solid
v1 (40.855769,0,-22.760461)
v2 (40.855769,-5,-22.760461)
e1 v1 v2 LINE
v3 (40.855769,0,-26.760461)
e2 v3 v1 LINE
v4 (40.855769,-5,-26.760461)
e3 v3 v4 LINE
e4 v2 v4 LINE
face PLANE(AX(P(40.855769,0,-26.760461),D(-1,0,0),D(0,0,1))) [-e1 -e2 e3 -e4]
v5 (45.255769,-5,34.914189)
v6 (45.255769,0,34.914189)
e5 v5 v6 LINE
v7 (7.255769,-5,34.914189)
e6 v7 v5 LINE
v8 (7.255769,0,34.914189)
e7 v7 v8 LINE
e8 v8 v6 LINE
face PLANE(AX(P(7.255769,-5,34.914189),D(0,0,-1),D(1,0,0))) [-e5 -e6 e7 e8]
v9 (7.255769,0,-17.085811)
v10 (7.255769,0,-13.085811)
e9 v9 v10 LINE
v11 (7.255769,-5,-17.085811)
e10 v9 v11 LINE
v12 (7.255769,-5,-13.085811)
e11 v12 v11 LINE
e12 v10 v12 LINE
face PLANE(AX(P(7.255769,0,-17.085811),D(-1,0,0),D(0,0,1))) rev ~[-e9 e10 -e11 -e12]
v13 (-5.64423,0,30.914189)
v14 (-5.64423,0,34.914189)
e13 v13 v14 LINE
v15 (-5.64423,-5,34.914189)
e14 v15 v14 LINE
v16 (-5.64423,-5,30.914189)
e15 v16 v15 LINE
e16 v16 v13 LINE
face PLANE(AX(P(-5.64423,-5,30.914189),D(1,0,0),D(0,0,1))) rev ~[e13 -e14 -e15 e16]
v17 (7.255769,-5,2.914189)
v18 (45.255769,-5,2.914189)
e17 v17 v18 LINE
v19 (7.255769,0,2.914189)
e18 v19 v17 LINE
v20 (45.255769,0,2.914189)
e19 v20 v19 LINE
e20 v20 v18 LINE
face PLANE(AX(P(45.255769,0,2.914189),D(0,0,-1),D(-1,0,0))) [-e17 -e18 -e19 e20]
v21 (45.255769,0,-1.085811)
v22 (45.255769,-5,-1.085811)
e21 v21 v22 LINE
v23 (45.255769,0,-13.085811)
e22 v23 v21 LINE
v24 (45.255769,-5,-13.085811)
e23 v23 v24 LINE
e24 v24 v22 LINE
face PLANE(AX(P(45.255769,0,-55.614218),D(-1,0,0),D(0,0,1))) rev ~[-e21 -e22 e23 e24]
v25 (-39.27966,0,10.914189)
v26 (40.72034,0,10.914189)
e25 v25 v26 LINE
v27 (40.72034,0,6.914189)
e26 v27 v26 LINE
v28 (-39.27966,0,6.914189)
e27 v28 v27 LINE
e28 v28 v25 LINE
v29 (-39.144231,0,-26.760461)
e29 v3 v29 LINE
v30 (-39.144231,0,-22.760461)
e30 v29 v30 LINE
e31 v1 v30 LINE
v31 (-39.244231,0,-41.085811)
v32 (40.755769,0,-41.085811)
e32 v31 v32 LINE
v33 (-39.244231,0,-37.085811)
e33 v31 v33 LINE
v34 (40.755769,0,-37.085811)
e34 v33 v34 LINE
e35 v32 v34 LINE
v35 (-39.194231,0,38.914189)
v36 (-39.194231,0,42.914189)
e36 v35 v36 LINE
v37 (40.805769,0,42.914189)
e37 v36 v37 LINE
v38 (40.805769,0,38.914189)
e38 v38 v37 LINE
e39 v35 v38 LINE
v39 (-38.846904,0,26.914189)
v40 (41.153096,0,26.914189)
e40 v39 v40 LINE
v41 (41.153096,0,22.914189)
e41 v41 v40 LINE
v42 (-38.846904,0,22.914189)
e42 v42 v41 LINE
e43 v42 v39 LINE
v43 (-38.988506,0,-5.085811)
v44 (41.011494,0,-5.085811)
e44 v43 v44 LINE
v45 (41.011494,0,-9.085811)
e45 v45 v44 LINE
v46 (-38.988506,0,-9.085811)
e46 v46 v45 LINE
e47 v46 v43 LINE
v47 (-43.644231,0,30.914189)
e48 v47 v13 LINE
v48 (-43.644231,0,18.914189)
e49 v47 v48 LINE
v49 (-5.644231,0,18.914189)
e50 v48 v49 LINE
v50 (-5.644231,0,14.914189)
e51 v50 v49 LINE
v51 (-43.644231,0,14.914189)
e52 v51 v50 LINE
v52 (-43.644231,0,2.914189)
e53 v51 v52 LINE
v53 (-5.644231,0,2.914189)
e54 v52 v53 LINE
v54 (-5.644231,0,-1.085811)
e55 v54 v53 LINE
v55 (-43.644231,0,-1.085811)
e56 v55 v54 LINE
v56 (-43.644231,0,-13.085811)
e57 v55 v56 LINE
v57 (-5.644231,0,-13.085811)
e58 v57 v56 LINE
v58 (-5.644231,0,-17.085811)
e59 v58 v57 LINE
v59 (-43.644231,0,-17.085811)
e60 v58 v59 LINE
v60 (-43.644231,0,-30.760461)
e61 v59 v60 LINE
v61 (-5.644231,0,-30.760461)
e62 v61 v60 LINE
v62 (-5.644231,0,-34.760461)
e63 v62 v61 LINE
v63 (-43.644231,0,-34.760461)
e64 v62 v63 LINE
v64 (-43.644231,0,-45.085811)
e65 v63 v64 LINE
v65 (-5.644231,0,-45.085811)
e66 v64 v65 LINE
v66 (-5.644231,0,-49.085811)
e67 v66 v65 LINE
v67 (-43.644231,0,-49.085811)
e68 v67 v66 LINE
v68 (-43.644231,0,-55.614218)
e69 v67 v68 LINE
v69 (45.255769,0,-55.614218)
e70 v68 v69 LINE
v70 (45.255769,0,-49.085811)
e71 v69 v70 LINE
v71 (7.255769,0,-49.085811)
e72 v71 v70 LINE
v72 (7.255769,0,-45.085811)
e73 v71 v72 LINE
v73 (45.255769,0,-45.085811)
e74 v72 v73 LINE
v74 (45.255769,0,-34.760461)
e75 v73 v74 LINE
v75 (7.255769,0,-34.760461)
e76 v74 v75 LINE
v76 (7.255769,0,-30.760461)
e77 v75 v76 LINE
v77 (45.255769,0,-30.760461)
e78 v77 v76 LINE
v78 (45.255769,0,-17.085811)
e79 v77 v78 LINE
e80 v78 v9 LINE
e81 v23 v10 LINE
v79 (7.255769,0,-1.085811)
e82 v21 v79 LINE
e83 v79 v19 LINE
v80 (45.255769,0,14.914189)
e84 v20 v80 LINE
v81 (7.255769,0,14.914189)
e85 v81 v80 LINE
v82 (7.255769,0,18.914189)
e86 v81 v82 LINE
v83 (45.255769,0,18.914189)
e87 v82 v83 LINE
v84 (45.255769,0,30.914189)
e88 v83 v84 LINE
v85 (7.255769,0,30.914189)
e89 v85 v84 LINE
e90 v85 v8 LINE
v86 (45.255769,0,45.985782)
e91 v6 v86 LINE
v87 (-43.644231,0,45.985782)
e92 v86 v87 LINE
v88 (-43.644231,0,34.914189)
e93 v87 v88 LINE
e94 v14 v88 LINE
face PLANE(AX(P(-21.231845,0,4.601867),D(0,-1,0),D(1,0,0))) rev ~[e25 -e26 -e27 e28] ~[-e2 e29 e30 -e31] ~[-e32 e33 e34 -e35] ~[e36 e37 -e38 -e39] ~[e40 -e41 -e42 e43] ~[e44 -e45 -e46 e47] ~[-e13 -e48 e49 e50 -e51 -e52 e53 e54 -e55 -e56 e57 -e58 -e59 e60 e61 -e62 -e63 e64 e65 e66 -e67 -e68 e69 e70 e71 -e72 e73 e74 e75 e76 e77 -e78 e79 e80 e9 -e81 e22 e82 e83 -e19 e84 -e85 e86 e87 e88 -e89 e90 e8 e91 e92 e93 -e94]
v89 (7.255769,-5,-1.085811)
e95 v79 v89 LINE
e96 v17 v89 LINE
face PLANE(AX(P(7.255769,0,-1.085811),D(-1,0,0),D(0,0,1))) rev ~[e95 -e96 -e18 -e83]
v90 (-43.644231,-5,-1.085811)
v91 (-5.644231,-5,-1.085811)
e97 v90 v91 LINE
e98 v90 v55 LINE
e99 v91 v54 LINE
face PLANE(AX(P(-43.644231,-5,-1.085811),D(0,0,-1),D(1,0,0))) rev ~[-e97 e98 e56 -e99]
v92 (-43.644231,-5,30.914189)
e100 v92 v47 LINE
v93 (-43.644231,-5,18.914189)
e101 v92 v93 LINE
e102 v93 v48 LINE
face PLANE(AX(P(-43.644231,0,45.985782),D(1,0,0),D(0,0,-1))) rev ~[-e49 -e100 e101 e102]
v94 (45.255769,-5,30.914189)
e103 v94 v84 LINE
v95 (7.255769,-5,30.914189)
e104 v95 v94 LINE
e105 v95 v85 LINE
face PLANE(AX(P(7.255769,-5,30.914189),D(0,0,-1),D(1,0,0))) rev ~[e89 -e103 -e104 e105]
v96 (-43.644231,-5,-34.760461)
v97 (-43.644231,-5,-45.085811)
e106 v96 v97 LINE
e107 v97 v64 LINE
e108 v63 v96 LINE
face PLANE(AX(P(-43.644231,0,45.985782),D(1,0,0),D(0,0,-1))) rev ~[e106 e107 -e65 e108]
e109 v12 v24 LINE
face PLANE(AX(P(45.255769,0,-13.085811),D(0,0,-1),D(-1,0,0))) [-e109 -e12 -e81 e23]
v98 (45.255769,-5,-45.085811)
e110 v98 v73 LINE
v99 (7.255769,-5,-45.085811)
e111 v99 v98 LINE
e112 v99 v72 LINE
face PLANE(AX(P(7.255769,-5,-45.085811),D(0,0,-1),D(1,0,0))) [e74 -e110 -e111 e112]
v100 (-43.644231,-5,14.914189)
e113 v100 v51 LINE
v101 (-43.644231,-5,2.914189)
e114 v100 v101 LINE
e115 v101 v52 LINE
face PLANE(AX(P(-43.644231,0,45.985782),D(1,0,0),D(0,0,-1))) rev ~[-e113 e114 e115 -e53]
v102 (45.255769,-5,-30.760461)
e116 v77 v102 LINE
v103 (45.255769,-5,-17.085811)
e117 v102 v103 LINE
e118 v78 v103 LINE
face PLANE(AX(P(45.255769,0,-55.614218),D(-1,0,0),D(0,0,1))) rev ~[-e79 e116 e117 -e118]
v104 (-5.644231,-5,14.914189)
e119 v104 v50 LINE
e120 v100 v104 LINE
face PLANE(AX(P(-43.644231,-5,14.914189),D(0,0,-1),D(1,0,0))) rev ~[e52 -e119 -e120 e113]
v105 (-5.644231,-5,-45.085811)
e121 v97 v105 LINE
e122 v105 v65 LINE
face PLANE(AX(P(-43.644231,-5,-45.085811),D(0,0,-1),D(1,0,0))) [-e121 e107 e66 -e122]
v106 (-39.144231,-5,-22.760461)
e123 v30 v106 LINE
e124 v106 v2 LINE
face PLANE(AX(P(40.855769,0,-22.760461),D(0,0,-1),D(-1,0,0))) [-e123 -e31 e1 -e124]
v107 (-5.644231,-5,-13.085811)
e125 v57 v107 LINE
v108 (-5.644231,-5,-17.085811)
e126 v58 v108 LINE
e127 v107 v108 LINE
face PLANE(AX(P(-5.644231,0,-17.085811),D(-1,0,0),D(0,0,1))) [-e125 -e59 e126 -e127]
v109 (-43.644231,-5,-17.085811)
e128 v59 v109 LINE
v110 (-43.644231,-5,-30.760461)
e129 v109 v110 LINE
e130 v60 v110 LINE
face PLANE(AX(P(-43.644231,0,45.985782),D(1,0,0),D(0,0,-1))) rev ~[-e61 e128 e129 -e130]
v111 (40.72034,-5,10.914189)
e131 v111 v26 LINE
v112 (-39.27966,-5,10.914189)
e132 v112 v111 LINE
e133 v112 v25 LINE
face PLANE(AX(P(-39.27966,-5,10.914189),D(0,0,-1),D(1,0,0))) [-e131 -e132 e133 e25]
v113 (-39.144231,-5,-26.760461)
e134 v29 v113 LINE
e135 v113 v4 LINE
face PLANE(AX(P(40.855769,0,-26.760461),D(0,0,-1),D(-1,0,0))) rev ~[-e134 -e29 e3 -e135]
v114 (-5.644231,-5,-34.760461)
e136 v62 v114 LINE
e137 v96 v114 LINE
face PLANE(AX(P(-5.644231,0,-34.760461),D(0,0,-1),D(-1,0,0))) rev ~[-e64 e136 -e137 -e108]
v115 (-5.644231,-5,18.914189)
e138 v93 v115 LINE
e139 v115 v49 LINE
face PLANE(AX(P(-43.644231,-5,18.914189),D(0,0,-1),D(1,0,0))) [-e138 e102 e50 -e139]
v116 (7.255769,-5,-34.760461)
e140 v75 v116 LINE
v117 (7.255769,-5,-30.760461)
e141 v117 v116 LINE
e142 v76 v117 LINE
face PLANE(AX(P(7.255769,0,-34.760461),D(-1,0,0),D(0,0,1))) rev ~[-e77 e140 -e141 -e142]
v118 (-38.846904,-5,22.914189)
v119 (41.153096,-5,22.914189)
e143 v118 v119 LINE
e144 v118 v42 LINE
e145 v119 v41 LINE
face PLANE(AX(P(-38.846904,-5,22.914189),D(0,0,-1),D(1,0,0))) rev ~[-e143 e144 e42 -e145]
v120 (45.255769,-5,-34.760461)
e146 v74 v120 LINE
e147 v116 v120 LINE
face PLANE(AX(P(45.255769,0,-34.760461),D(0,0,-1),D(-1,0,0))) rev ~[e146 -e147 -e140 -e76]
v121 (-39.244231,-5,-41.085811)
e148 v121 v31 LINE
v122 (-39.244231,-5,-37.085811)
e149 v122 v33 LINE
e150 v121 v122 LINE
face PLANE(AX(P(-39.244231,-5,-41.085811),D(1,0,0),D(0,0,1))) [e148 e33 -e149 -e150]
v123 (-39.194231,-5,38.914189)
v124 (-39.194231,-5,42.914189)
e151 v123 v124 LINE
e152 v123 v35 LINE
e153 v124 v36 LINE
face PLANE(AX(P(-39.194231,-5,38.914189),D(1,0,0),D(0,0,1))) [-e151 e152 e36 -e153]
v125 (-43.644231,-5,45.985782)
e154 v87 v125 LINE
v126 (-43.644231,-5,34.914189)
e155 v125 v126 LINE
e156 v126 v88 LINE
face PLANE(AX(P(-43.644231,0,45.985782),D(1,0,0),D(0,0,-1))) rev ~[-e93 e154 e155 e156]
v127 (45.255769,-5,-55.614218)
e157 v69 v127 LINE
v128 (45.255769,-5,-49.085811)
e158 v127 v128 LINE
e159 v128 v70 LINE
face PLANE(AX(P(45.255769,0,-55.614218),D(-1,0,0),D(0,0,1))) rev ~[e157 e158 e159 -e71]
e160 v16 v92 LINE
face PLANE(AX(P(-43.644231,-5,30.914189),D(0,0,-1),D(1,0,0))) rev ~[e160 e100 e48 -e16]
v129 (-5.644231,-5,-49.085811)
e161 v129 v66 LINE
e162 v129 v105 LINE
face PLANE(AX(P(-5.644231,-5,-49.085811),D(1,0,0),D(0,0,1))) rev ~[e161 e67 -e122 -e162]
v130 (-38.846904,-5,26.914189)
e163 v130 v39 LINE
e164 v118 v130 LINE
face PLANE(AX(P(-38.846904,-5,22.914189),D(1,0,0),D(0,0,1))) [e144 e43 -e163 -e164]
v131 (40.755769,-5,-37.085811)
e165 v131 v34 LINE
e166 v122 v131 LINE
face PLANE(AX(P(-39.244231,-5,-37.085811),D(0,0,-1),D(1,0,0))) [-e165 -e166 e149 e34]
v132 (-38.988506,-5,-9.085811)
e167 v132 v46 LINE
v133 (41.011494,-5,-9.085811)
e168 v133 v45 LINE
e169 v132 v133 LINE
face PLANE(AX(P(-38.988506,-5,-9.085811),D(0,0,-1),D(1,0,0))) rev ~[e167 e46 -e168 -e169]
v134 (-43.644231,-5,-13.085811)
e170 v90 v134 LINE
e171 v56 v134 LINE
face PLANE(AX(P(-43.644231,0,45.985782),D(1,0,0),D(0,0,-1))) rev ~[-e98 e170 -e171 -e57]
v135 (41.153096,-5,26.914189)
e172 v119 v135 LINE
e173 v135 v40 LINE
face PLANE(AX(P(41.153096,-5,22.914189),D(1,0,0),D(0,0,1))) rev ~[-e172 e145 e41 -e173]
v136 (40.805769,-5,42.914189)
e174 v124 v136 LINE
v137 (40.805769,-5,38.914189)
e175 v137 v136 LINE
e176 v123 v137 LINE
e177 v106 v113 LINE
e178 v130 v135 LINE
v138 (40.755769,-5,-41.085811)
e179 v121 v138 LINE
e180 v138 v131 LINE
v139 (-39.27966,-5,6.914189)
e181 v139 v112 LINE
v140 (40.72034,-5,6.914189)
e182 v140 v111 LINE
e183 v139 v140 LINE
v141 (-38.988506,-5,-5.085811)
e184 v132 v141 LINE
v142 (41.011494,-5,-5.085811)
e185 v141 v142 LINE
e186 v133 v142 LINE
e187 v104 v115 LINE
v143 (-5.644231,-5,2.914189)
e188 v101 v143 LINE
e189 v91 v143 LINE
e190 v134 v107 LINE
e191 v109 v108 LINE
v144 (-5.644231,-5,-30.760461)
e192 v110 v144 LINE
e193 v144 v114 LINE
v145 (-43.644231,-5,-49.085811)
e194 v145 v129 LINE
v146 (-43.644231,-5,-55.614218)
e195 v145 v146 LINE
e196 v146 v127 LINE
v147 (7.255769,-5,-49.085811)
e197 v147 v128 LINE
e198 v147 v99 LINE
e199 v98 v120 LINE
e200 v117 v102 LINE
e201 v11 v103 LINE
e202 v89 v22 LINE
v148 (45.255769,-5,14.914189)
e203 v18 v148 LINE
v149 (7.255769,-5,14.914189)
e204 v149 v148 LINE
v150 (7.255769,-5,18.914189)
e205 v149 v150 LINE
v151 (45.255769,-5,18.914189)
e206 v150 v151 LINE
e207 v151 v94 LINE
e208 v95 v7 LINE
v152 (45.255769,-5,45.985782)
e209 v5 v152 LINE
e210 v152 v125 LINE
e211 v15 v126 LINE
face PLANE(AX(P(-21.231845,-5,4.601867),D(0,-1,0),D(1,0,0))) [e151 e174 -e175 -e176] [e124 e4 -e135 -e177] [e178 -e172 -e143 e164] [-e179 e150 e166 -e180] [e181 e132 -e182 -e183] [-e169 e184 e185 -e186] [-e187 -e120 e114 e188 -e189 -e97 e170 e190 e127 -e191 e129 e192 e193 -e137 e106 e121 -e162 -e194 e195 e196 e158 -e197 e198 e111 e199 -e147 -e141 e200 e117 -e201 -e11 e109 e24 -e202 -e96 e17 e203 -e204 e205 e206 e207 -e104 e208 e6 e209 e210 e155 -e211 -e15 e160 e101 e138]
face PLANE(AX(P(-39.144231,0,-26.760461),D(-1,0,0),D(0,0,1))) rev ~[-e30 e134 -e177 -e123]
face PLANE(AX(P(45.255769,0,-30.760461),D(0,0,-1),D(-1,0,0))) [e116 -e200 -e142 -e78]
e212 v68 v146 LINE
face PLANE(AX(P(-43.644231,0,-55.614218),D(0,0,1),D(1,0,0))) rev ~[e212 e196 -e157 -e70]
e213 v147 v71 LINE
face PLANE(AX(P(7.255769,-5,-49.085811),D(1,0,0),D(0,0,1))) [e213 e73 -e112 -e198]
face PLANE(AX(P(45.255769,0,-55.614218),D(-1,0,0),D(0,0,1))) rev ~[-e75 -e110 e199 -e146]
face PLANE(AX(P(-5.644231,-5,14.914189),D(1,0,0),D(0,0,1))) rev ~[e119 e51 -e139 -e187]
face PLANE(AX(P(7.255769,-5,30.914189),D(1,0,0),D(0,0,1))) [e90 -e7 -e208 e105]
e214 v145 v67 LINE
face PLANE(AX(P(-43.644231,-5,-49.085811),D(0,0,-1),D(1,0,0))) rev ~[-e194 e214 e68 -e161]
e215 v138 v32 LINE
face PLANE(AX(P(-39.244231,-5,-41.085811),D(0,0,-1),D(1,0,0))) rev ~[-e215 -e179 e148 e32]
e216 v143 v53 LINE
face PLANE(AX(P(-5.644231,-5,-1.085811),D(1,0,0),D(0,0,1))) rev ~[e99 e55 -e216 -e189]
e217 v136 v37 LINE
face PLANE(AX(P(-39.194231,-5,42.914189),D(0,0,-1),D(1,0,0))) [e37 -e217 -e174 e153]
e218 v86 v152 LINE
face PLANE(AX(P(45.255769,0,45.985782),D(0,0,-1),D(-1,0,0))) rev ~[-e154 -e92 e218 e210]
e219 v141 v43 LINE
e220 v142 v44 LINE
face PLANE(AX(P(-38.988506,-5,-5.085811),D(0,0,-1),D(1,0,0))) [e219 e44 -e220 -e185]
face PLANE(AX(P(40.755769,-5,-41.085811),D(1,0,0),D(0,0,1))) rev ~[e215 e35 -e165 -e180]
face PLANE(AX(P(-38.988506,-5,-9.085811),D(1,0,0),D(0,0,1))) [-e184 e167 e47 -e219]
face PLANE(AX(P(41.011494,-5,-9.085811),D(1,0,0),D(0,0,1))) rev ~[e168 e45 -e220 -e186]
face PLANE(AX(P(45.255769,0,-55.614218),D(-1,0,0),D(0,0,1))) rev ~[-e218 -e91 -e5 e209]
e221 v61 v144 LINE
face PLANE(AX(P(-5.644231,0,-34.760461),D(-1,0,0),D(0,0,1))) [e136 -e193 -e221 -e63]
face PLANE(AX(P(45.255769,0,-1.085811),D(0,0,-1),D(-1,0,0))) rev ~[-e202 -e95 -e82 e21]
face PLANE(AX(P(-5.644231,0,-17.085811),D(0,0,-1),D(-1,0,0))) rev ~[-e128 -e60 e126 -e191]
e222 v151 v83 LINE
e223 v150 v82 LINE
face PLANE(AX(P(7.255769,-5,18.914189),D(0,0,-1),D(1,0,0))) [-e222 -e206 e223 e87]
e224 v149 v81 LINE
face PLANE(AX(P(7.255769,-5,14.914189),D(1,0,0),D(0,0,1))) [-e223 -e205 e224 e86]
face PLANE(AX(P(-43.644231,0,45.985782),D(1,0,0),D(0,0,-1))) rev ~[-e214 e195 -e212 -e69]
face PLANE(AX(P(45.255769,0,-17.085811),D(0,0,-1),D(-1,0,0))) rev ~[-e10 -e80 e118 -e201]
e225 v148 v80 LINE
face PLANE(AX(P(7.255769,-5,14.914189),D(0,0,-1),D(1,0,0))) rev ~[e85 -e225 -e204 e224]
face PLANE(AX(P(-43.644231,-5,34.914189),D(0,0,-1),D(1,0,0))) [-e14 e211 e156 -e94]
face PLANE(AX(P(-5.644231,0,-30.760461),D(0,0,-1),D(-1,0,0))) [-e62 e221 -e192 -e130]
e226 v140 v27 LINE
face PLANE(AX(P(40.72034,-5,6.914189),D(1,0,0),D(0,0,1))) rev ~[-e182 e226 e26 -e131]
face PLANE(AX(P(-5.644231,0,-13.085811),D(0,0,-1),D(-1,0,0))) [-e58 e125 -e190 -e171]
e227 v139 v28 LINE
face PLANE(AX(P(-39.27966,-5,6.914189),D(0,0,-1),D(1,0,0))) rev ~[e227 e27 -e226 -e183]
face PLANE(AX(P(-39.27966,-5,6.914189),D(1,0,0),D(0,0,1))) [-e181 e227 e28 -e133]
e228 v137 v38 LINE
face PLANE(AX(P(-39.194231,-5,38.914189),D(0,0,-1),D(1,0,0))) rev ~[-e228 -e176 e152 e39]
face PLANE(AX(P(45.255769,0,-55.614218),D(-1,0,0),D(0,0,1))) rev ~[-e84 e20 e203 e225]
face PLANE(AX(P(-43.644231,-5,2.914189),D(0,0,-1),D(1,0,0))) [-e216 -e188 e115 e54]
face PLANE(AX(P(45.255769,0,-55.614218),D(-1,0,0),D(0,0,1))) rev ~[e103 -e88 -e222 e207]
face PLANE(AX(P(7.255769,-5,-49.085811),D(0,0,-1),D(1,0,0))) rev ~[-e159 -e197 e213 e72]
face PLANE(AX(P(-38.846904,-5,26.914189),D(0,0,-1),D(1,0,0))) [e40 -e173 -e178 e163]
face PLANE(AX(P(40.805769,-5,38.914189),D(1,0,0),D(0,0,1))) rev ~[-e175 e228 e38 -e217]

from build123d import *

# Parameters (mm, degrees)
F0_W      = 39.178138
F0_H      = 3.5
F0_W_2    = 40.821862
F1_DEPTH  = 5
F2_W      = 80
F2_H      = 4
F2_W_2    = 33.202673
F3_DEPTH  = 12
F4_W      = 7.437948
F4_H      = 4
F5_DEPTH  = 12
F6_W      = 38
F6_H      = 4
F7_DEPTH  = 12
F8_W      = 38
F8_H      = 4
F9_DEPTH  = 12
F10_W     = 38
F10_H     = 4
F11_DEPTH = 12
F12_W     = 38
F12_H     = 4
F13_DEPTH = 12
F14_W     = 38
F14_H     = 4
F15_DEPTH = 12
F16_W     = 38
F16_H     = 4
F17_DEPTH = 12
F18_W     = 38
F18_H     = 4
F19_DEPTH = 12
F20_W     = 80
F20_H     = 4
F21_DEPTH = 12
F22_W     = 38
F22_H     = 4
F23_DEPTH = 12
F24_W     = 38
F24_H     = 4
F25_DEPTH = 12
F26_W     = 38
F26_H     = 4
F27_DEPTH = 25
F28_W     = 38
F28_H     = 4
F29_DEPTH = 25


with BuildPart() as f1:
    # F0 (on Front) → F1 (new body)
    with BuildSketch(Plane.XZ):
        Polygon((0.805769, 45.985782), (-43.644231, 45.985782), (-43.644231, -55.614218), (0.805769, -55.614218), (0.805769, 37.953567), (-38.372369, 37.953567), (-38.372369, 41.453567), (0.805769, 41.453567), align=None)
        Polygon((45.255769, 45.985782), (0.805769, 45.985782), (0.805769, 41.453567), (41.627631, 41.453567), (41.627631, 37.953567), (0.805769, 37.953567), (0.805769, -55.614218), (45.255769, -55.614218), align=None)
        with Locations((-18.7833, 39.703567)):
            Rectangle(F0_W, F0_H)
        with Locations((21.2167, 39.703567)):
            Rectangle(F0_W_2, F0_H)
    extrude(amount=F1_DEPTH)

    # F2 (on face) → F3 (cut)
    with BuildSketch(Plane.XZ.offset(5)):
        with Locations((0.72034, 8.914189)):
            Rectangle(F2_W, F2_H)
        with Locations((1.153096, 24.914189)):
            Rectangle(F2_W, F2_H)
        with Locations((0.755769, -39.085811)):
            Rectangle(F2_W, F2_H)
        with Locations((0.805769, 40.914189)):
            Rectangle(F2_W, F2_H)
        with Locations((1.011494, -7.085811)):
            Rectangle(F2_W, F2_H)
        with Locations((-22.245567, 32.914189)):
            Rectangle(F2_W_2, F2_H)
    extrude(amount=-F3_DEPTH, mode=Mode.SUBTRACT)

    # F4 (on face) → F5 (cut)
    with BuildSketch(Plane.XZ.offset(5)):
        with Locations((-39.925257, 32.914189)):
            Rectangle(F4_W, F4_H)
    extrude(amount=-F5_DEPTH, mode=Mode.SUBTRACT)

    # F6 (on face) → F7 (cut)
    with BuildSketch(Plane.XZ.offset(5)):
        with Locations((26.255769, 32.914189)):
            Rectangle(F6_W, F6_H)
    extrude(amount=-F7_DEPTH, mode=Mode.SUBTRACT)

    # F8 (on face) → F9 (cut)
    with BuildSketch(Plane.XZ.offset(5)):
        with Locations((-24.644231, 16.914189)):
            Rectangle(F8_W, F8_H)
    extrude(amount=-F9_DEPTH, mode=Mode.SUBTRACT)

    # F10 (on face) → F11 (cut)
    with BuildSketch(Plane.XZ.offset(5)):
        with Locations((26.255769, 16.914189)):
            Rectangle(F10_W, F10_H)
    extrude(amount=-F11_DEPTH, mode=Mode.SUBTRACT)

    # F12 (on face) → F13 (cut)
    with BuildSketch(Plane.XZ.offset(5)):
        with Locations((-24.644231, 0.914189)):
            Rectangle(F12_W, F12_H)
    extrude(amount=-F13_DEPTH, mode=Mode.SUBTRACT)

    # F14 (on face) → F15 (cut)
    with BuildSketch(Plane(origin=(0, 0, 0), x_dir=(-1, 0, 0), z_dir=(0, 1, 0))):
        with Locations((-26.255769, 0.914189)):
            Rectangle(F14_W, F14_H)
    extrude(amount=-F15_DEPTH, mode=Mode.SUBTRACT)

    # F16 (on face) → F17 (cut)
    with BuildSketch(Plane(origin=(0, 0, 0), x_dir=(-1, 0, 0), z_dir=(0, 1, 0))):
        with Locations((-26.255769, -15.085811)):
            Rectangle(F16_W, F16_H)
    extrude(amount=-F17_DEPTH, mode=Mode.SUBTRACT)

    # F18 (on face) → F19 (cut)
    with BuildSketch(Plane(origin=(0, 0, 0), x_dir=(-1, 0, 0), z_dir=(0, 1, 0))):
        with Locations((24.644231, -15.085811)):
            Rectangle(F18_W, F18_H)
    extrude(amount=-F19_DEPTH, mode=Mode.SUBTRACT)

    # F20 (on face) → F21 (cut)
    with BuildSketch(Plane(origin=(0, 0, 0), x_dir=(-1, 0, 0), z_dir=(0, 1, 0))):
        with Locations((-0.855769, -24.760461)):
            Rectangle(F20_W, F20_H)
    extrude(amount=-F21_DEPTH, mode=Mode.SUBTRACT)

    # F22 (on face) → F23 (cut)
    with BuildSketch(Plane(origin=(0, 0, 0), x_dir=(-1, 0, 0), z_dir=(0, 1, 0))):
        with Locations((-26.255769, -32.760461)):
            Rectangle(F22_W, F22_H)
    extrude(amount=-F23_DEPTH, mode=Mode.SUBTRACT)

    # F24 (on face) → F25 (cut)
    with BuildSketch(Plane(origin=(0, 0, 0), x_dir=(-1, 0, 0), z_dir=(0, 1, 0))):
        with Locations((24.644231, -32.760461)):
            Rectangle(F24_W, F24_H)
    extrude(amount=-F25_DEPTH, mode=Mode.SUBTRACT)

    # F26 (on face) → F27 (cut)
    with BuildSketch(Plane.XZ.offset(5)):
        with Locations((-24.644231, -47.085811)):
            Rectangle(F26_W, F26_H)
    extrude(amount=-F27_DEPTH, mode=Mode.SUBTRACT)

    # F28 (on face) → F29 (cut)
    with BuildSketch(Plane.XZ.offset(5)):
        with Locations((26.255769, -47.085811)):
            Rectangle(F28_W, F28_H)
    extrude(amount=-F29_DEPTH, mode=Mode.SUBTRACT)


solid = f1.part
